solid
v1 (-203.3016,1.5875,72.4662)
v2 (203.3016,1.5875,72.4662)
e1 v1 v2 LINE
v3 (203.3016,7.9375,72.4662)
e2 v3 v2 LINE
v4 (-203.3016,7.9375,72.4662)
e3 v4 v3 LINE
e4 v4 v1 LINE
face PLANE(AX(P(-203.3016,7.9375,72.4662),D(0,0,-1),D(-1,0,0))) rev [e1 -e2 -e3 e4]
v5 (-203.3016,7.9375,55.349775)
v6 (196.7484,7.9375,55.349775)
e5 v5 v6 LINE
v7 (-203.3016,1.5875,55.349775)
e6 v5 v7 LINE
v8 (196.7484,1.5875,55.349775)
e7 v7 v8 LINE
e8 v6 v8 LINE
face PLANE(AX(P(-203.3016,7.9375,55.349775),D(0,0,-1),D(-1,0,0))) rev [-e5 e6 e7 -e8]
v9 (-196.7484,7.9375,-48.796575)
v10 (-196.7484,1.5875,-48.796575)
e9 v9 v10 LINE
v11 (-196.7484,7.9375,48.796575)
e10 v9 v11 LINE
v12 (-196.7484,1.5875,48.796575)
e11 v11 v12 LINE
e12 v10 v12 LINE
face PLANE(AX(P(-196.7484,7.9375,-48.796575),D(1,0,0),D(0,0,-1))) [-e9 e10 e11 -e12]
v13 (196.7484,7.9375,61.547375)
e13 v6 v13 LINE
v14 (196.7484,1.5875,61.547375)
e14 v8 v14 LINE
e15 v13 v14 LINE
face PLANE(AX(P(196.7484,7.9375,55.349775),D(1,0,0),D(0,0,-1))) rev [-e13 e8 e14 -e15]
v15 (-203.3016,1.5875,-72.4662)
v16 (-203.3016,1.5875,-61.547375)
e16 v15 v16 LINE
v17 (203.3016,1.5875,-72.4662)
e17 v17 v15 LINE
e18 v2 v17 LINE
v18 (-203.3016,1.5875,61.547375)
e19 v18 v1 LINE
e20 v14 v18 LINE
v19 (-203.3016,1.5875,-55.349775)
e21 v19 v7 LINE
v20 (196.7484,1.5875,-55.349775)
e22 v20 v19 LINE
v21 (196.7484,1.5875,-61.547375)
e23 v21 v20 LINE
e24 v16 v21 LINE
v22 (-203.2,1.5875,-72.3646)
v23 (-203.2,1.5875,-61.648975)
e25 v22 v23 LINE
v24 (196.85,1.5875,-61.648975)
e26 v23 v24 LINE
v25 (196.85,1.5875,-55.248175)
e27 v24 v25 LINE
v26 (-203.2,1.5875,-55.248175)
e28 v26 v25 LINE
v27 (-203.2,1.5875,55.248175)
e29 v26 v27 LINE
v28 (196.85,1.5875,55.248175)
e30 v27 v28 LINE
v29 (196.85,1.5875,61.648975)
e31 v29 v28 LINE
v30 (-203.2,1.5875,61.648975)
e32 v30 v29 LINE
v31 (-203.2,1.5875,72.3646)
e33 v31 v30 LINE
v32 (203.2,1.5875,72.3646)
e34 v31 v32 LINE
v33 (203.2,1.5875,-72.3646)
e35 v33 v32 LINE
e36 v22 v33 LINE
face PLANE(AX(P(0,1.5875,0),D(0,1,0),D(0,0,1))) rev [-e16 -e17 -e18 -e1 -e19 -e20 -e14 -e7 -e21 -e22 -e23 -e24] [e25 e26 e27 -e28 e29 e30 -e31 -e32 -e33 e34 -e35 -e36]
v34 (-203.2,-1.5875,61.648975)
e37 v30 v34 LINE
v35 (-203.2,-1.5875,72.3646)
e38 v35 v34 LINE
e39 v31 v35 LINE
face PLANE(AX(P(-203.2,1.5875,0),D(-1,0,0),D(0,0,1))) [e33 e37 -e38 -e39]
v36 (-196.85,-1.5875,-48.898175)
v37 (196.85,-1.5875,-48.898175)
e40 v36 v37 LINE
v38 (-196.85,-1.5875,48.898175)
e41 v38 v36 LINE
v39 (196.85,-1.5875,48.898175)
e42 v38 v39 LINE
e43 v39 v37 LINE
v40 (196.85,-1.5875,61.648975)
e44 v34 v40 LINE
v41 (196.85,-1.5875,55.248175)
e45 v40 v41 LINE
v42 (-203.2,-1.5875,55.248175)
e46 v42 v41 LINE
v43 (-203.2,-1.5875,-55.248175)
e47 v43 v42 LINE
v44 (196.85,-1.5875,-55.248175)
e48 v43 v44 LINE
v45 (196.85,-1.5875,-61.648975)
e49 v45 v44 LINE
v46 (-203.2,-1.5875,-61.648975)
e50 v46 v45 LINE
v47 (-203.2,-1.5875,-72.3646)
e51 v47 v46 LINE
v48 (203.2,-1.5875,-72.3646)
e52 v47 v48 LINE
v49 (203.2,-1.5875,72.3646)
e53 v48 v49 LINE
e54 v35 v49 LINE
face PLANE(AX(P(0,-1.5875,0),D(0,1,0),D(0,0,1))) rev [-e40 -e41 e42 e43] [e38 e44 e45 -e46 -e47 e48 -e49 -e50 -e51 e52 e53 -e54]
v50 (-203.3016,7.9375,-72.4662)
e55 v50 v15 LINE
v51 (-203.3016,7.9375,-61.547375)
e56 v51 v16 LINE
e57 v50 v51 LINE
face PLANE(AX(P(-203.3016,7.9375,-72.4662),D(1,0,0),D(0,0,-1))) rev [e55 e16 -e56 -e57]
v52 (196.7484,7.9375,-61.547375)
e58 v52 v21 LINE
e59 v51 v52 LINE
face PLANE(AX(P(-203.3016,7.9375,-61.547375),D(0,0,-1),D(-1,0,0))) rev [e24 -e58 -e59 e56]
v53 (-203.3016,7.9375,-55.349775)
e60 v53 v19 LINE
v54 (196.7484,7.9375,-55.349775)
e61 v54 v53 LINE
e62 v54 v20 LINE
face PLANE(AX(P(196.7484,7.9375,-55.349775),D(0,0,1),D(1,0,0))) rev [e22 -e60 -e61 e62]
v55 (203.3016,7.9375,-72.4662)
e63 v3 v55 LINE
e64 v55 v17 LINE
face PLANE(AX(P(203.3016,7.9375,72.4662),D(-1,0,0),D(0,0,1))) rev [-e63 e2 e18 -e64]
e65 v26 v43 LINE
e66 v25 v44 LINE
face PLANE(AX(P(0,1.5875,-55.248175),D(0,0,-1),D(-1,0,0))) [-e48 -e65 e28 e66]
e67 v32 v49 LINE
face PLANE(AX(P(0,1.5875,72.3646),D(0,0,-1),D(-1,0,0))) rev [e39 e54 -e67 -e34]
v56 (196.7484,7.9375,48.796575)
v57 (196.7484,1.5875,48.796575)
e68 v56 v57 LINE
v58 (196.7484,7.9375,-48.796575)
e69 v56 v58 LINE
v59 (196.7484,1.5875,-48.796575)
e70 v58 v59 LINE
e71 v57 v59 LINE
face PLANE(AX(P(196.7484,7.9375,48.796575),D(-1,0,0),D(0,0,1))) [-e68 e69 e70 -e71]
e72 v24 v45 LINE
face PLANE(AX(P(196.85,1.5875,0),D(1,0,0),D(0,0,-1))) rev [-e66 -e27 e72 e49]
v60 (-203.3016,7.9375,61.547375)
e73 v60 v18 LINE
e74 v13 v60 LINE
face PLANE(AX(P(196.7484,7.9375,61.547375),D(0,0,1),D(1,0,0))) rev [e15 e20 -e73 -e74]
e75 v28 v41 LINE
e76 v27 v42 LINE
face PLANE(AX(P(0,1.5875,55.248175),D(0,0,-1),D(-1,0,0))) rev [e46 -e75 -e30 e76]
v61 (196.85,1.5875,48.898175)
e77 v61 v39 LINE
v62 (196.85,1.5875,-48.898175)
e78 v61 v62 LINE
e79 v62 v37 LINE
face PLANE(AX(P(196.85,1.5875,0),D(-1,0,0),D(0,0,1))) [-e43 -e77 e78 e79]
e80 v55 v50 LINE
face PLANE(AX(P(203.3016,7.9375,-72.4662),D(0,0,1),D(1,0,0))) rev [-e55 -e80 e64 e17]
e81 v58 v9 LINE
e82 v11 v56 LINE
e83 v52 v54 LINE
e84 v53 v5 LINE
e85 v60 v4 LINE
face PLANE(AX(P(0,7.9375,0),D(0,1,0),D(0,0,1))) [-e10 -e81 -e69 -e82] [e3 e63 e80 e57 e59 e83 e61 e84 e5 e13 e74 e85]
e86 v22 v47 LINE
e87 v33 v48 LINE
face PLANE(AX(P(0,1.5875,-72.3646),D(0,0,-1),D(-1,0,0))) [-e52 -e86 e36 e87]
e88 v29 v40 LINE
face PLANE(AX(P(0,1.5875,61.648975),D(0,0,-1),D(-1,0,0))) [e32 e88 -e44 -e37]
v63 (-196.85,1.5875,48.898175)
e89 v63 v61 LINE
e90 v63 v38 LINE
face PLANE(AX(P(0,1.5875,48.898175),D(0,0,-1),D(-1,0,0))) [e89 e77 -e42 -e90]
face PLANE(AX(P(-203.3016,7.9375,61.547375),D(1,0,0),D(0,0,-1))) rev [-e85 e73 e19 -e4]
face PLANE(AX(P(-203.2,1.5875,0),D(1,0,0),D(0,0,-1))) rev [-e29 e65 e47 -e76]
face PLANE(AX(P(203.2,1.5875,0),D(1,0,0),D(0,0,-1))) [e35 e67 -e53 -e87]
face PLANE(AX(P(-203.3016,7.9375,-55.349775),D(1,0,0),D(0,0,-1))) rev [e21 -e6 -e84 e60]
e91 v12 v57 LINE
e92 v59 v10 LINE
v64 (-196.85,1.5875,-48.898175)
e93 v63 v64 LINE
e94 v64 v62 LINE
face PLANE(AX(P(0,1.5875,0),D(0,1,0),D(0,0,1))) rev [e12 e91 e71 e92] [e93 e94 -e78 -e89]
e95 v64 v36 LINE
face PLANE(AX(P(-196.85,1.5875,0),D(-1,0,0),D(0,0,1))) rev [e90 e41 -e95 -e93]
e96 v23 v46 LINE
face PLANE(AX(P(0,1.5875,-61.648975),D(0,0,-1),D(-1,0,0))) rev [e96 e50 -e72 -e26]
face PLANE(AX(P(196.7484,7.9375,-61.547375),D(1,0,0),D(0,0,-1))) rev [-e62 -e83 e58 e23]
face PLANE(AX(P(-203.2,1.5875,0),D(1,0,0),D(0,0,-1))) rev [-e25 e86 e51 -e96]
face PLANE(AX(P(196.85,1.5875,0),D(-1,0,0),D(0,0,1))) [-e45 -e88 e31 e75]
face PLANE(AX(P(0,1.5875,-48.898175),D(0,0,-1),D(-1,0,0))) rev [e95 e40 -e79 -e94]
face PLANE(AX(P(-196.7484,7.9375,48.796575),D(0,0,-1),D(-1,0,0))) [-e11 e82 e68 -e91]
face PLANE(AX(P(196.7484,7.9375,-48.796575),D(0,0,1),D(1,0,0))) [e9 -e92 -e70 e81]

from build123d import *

# Parameters (mm, degrees)
SKETCH1_W           = 393.7
SKETCH1_H           = 97.79635
BOSS_EXTRUDE1_DEPTH = 1.5875
SKETCH4_W           = 393.4968
SKETCH4_H           = 97.59315
BOSS_EXTRUDE4_DEPTH = 6.35


with BuildPart() as part:
    # Sketch1 → Boss-Extrude1 (new body, symmetric)
    with BuildSketch(Plane(origin=(0, 0, 0), x_dir=(1, 0, 0), z_dir=(0, 1, 0))):
        Polygon((196.85, 55.248175), (-203.2, 55.248175), (-203.2, -55.248175), (196.85, -55.248175), (196.85, -61.648975), (-203.2, -61.648975), (-203.2, -72.3646), (190.5, -72.3646), (203.2, -72.3646), (203.2, 72.3646), (190.5, 72.3646), (-203.2, 72.3646), (-203.2, 61.648975), (196.85, 61.648975), align=None)
        Rectangle(SKETCH1_W, SKETCH1_H, mode=Mode.SUBTRACT)
    extrude(amount=BOSS_EXTRUDE1_DEPTH, both=True)

    # Sketch4 → Boss-Extrude4 (add)
    with BuildSketch(Plane(origin=(0, 1.5875, 0), x_dir=(1, 0, 0), z_dir=(0, 1, 0))):
        Polygon((-203.3016, 61.547375), (196.7484, 61.547375), (196.7484, 55.349775), (-203.3016, 55.349775), (-203.3016, -55.349775), (196.7484, -55.349775), (196.7484, -61.547375), (-203.3016, -61.547375), (-203.3016, -72.4662), (203.3016, -72.4662), (203.3016, 72.4662), (-203.3016, 72.4662), align=None)
        Rectangle(SKETCH4_W, SKETCH4_H, mode=Mode.SUBTRACT)
    extrude(amount=BOSS_EXTRUDE4_DEPTH)


solid = part.part
